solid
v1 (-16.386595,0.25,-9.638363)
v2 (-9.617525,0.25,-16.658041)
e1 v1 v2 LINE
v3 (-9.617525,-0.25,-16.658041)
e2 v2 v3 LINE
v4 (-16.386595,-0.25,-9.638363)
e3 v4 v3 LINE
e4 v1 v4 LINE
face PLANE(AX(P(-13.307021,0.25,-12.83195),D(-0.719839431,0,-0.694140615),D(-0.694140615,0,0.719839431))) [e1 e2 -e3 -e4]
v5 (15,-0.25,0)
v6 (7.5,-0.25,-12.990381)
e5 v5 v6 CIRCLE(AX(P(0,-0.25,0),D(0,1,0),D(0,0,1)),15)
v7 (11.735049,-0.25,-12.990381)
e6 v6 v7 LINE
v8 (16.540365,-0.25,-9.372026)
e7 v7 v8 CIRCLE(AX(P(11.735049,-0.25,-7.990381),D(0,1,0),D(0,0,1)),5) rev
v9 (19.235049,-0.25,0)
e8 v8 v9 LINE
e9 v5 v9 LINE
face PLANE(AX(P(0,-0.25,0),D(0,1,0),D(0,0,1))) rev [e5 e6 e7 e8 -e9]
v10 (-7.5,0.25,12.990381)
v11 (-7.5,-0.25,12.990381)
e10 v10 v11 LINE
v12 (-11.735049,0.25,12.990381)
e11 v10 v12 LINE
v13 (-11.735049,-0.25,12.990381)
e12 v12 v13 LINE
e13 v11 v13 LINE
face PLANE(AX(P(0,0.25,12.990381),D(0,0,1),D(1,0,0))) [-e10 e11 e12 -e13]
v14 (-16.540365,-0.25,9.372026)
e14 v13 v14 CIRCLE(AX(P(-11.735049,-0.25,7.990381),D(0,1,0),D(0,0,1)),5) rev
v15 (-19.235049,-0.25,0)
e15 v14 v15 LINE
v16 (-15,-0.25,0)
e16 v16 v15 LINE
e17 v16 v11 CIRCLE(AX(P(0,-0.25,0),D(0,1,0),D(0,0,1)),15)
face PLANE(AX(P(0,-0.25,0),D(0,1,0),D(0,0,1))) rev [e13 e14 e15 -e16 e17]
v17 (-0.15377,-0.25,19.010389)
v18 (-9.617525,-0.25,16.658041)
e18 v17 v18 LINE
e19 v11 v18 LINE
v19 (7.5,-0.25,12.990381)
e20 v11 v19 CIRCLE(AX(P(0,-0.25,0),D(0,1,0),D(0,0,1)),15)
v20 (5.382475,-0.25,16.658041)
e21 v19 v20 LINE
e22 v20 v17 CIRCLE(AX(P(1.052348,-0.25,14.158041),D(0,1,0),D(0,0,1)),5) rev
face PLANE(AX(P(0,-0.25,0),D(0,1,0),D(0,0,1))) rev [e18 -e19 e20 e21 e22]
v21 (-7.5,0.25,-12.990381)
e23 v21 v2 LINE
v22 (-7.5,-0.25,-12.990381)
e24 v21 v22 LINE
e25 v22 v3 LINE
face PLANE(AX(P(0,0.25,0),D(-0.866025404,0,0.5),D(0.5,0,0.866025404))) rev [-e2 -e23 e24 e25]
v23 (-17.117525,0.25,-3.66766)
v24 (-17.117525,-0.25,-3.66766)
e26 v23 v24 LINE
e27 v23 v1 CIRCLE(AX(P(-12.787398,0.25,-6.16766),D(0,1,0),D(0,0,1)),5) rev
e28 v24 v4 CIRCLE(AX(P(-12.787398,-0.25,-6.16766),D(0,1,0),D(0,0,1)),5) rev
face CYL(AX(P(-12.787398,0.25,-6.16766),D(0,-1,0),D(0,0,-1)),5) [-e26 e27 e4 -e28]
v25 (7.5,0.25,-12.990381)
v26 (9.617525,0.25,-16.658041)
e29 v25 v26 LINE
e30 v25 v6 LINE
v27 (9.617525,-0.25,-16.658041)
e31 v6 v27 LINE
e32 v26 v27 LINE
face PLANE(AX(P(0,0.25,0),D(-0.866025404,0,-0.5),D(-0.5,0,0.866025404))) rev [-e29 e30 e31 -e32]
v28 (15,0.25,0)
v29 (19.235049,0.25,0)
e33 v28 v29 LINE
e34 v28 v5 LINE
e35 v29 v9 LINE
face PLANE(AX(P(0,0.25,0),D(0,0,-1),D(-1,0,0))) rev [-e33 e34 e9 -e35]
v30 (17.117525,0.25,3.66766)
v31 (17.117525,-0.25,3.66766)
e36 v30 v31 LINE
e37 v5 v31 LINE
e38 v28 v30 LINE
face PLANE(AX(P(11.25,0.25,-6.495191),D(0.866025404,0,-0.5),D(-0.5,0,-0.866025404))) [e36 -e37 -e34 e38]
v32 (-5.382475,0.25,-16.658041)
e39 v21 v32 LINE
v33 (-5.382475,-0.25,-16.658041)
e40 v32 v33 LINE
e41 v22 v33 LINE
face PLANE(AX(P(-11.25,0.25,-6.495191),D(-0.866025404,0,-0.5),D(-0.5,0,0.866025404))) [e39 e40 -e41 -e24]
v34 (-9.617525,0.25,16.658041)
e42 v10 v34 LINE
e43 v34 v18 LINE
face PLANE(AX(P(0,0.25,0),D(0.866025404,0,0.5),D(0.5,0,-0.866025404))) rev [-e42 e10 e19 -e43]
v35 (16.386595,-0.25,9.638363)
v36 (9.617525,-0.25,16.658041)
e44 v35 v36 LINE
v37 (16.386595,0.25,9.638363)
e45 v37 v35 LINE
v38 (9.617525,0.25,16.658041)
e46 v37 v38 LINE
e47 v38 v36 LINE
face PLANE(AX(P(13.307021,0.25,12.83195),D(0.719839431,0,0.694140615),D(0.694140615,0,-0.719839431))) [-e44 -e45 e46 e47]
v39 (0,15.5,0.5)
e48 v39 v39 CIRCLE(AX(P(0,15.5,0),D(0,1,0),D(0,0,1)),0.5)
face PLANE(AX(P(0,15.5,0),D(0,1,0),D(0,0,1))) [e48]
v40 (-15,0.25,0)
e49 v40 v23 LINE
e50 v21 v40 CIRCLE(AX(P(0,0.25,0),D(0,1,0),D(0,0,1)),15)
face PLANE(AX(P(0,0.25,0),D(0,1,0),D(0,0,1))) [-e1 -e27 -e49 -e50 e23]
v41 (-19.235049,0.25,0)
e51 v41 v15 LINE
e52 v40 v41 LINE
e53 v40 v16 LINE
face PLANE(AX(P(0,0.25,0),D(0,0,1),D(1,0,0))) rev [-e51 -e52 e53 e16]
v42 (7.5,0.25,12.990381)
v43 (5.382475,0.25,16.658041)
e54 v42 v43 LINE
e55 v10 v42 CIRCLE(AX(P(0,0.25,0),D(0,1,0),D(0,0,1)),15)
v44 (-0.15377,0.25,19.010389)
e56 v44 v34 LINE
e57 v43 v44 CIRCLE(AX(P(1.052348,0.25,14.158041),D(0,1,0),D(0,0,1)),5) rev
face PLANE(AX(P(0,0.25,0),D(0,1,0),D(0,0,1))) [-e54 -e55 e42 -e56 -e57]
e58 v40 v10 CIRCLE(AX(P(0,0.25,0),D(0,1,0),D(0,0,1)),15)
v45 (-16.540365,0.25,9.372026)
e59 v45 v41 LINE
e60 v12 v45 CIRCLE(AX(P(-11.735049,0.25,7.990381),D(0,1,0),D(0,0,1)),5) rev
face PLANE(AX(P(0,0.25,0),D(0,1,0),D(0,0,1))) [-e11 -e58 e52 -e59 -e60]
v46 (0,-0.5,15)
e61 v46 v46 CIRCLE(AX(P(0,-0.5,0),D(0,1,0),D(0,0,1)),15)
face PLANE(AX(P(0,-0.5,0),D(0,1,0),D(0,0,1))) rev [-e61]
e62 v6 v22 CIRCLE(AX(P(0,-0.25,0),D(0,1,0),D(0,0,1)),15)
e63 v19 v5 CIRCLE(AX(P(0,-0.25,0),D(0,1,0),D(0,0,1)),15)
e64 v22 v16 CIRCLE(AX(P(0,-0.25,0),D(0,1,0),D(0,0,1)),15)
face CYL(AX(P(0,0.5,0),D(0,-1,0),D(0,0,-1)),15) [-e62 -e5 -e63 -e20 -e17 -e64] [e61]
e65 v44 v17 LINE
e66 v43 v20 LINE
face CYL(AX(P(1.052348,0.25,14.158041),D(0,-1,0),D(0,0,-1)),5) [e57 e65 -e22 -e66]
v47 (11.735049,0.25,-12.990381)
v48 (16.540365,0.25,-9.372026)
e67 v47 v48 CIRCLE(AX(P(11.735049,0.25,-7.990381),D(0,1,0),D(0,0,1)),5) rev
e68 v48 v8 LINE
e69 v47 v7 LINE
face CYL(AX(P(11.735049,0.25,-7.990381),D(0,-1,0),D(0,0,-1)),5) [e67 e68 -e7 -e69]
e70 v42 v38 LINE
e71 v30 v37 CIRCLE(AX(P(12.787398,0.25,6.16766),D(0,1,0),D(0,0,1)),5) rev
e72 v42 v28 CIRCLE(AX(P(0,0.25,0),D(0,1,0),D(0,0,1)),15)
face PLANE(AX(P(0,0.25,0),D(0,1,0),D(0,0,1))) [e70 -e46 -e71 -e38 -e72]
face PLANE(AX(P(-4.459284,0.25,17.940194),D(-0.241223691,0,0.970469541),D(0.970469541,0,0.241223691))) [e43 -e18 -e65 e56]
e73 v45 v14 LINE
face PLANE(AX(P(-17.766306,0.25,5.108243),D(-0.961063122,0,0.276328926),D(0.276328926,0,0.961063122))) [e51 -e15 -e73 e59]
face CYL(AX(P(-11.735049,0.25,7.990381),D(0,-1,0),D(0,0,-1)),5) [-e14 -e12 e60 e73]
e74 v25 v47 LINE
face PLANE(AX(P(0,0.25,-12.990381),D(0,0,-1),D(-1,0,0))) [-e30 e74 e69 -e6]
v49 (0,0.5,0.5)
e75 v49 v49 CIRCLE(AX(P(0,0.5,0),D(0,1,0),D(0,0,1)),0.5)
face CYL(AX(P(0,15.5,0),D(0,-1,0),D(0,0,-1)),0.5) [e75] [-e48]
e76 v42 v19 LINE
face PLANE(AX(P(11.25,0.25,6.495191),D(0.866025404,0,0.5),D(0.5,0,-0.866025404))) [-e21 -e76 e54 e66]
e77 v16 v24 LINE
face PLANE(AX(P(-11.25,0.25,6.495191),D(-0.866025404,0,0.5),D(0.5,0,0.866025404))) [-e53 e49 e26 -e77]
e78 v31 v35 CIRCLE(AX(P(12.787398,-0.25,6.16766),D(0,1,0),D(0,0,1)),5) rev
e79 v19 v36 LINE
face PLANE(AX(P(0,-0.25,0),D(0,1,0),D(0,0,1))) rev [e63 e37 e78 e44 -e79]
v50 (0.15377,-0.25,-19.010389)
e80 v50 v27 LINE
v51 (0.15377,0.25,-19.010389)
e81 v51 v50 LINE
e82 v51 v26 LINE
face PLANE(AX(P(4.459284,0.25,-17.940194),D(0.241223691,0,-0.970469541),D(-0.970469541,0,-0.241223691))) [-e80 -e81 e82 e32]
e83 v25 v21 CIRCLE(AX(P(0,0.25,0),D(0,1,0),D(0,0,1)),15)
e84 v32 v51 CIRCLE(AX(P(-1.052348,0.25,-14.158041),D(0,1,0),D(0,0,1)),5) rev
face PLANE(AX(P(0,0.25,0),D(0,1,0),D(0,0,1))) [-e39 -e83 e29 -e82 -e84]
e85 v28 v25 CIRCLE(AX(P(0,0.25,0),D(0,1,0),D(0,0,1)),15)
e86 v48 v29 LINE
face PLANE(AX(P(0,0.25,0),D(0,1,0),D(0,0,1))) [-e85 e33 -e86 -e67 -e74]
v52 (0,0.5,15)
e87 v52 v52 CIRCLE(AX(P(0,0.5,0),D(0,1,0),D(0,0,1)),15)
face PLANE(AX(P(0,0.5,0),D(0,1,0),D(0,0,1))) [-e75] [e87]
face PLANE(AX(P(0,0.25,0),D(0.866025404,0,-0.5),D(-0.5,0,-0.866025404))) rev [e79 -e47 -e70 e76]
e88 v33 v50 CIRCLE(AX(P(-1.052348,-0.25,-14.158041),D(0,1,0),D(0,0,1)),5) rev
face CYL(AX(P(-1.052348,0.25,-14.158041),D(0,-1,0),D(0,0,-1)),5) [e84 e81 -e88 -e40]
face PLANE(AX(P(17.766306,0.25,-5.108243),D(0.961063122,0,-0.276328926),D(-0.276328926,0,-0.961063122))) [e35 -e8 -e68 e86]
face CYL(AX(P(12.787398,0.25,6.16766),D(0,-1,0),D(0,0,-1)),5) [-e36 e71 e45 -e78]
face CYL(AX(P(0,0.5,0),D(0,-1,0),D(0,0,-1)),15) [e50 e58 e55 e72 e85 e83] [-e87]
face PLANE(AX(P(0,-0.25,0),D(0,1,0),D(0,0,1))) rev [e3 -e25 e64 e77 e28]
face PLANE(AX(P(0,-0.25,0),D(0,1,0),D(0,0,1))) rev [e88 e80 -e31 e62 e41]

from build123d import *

# Parameters (mm, degrees)
BOSS_EXTRUDE1_DEPTH = 0.5
BOSS_EXTRUDE3_DEPTH = 0.25
SKETCH2_R           = 0.5
BOSS_EXTRUDE4_DEPTH = 15


with BuildPart() as part:
    # Sketch1 → Boss-Extrude1 (new, symmetric)
    with BuildSketch(Plane(origin=(0, 0, 0), x_dir=(1, 0, 0), z_dir=(0, 1, 0))):
        with BuildLine():
            ThreePointArc((7.500000000000017, 12.990381056766571), (5.088e-14, 15), (-7.499999999999927, 12.990381056766621))
            ThreePointArc((-7.499999999999927, 12.990381056766621), (-12.990381056766557, 7.50000000000004), (-15, 1.84e-15))
            ThreePointArc((-15, 1.84e-15), (-12.990381056766612, -7.499999999999944), (-7.50000000000011, -12.990381056766516))
            ThreePointArc((-7.50000000000011, -12.990381056766516), (-1.0934e-13, -15), (7.49999999999992, -12.990381056766626))
            ThreePointArc((7.49999999999992, -12.990381056766626), (12.990381056766555, -7.500000000000042), (15, -3.67e-15))
            ThreePointArc((15, 0), (12.990381056766584, 7.499999999999992), (7.500000000000017, 12.990381056766571))
        make_face()
    extrude(amount=BOSS_EXTRUDE1_DEPTH, both=True)

    # Sketch1<3> → Boss-Extrude3 (add, symmetric)
    with BuildSketch(Plane(origin=(0, 0, 0), x_dir=(1, 0, 0), z_dir=(0, 1, 0))):
        with BuildLine():
            ThreePointArc((-15, 1.84e-15), (-12.990381056766557, 7.50000000000004), (-7.499999999999927, 12.990381056766621))
            Line((-7.499999999999832, 12.990381056766678), (-9.617524600200108, 16.658041250590582))
            Line((-9.617524600200108, 16.658041250590582), (-16.3865947350982, 9.638363270713926))
            ThreePointArc((-16.3865947350982, 9.638363270713926), (-17.750347235183938, 6.775221493443607), (-17.117524600200266, 3.6676601938240703))
            Line((-17.117524600200266, 3.6676601938240703), (-14.999999999999993, 1.6046e-13))
        make_face()
        with BuildLine():
            Line((-5.3824753997997234, 16.65804125059047), (-7.500000000000018, 12.99038105676657))
            ThreePointArc((-7.499999999999927, 12.990381056766621), (5.088e-14, 15), (7.500000000000017, 12.990381056766571))
            Line((7.500000000000018, 12.99038105676657), (9.617524600200294, 16.658041250590472))
            Line((9.617524600200294, 16.658041250590472), (0.15377007579180893, 19.010388957472337))
            ThreePointArc((0.15377007579180857, 19.010388957472337), (-3.0076596880036788, 18.75986237838593), (-5.3824753997997234, 16.65804125059047))
        make_face()
        with BuildLine():
            Line((11.735049200400615, 12.99038105676657), (7.500000000000014, 12.990381056766573))
            ThreePointArc((7.500000000000017, 12.990381056766571), (12.990381056766584, 7.499999999999992), (15, 0))
            Line((15.000000000000002, -5.551e-14), (19.235049200400596, -4.163e-14))
            Line((19.235049200400596, -4.086e-14), (16.540364810890143, 9.372025686758565))
            ThreePointArc((16.540364810890143, 9.372025686758565), (14.742687547180363, 11.984640884942497), (11.735049200400615, 12.99038105676657))
        make_face()
        with BuildLine():
            ThreePointArc((-7.50000000000011, -12.990381056766516), (-12.990381056766612, -7.499999999999944), (-15, 1.84e-15))
            Line((-14.999999999999993, 1.6046e-13), (-19.23504920040059, 1.7521e-13))
            Line((-19.23504920040059, 1.7586e-13), (-16.5403648108902, -9.37202568675845))
            ThreePointArc((-16.5403648108902, -9.37202568675845), (-14.742687547180438, -11.984640884942392), (-11.735049200400697, -12.990381056766488))
            Line((-11.735049200400697, -12.990381056766488), (-7.500000000000109, -12.990381056766518))
        make_face()
        with BuildLine():
            Line((17.117524600200298, -3.6676601938239486), (15.000000000000002, -5.551e-14))
            ThreePointArc((15, -3.67e-15), (12.990381056766555, -7.500000000000042), (7.49999999999992, -12.990381056766626))
            Line((7.499999999999927, -12.990381056766628), (9.617524600200229, -16.65804125059051))
            Line((9.617524600200229, -16.65804125059051), (16.38659473509827, -9.638363270713809))
            ThreePointArc((16.38659473509827, -9.638363270713809), (17.75034723518399, -6.775221493443482), (17.117524600200298, -3.6676601938239486))
        make_face()
        with BuildLine():
            ThreePointArc((7.49999999999992, -12.990381056766626), (-1.0934e-13, -15), (-7.50000000000011, -12.990381056766516))
            Line((-7.500000000000109, -12.990381056766518), (-9.617524600200412, -16.658041250590404))
            Line((-9.617524600200412, -16.658041250590404), (-0.15377007579194168, -19.010388957472337))
            ThreePointArc((-0.15377007579194157, -19.010388957472337), (3.007659688003548, -18.759862378385947), (5.382475399799607, -16.658041250590504))
            Line((5.382475399799607, -16.658041250590504), (7.499999999999927, -12.990381056766628))
        make_face()
    extrude(amount=BOSS_EXTRUDE3_DEPTH, both=True)

    # Sketch2 → Boss-Extrude4 (add)
    with BuildSketch(Plane(origin=(0, 0.5, 0), x_dir=(1, 0, 0), z_dir=(0, 1, 0))):
        Circle(SKETCH2_R)
    extrude(amount=BOSS_EXTRUDE4_DEPTH)


solid = part.part
